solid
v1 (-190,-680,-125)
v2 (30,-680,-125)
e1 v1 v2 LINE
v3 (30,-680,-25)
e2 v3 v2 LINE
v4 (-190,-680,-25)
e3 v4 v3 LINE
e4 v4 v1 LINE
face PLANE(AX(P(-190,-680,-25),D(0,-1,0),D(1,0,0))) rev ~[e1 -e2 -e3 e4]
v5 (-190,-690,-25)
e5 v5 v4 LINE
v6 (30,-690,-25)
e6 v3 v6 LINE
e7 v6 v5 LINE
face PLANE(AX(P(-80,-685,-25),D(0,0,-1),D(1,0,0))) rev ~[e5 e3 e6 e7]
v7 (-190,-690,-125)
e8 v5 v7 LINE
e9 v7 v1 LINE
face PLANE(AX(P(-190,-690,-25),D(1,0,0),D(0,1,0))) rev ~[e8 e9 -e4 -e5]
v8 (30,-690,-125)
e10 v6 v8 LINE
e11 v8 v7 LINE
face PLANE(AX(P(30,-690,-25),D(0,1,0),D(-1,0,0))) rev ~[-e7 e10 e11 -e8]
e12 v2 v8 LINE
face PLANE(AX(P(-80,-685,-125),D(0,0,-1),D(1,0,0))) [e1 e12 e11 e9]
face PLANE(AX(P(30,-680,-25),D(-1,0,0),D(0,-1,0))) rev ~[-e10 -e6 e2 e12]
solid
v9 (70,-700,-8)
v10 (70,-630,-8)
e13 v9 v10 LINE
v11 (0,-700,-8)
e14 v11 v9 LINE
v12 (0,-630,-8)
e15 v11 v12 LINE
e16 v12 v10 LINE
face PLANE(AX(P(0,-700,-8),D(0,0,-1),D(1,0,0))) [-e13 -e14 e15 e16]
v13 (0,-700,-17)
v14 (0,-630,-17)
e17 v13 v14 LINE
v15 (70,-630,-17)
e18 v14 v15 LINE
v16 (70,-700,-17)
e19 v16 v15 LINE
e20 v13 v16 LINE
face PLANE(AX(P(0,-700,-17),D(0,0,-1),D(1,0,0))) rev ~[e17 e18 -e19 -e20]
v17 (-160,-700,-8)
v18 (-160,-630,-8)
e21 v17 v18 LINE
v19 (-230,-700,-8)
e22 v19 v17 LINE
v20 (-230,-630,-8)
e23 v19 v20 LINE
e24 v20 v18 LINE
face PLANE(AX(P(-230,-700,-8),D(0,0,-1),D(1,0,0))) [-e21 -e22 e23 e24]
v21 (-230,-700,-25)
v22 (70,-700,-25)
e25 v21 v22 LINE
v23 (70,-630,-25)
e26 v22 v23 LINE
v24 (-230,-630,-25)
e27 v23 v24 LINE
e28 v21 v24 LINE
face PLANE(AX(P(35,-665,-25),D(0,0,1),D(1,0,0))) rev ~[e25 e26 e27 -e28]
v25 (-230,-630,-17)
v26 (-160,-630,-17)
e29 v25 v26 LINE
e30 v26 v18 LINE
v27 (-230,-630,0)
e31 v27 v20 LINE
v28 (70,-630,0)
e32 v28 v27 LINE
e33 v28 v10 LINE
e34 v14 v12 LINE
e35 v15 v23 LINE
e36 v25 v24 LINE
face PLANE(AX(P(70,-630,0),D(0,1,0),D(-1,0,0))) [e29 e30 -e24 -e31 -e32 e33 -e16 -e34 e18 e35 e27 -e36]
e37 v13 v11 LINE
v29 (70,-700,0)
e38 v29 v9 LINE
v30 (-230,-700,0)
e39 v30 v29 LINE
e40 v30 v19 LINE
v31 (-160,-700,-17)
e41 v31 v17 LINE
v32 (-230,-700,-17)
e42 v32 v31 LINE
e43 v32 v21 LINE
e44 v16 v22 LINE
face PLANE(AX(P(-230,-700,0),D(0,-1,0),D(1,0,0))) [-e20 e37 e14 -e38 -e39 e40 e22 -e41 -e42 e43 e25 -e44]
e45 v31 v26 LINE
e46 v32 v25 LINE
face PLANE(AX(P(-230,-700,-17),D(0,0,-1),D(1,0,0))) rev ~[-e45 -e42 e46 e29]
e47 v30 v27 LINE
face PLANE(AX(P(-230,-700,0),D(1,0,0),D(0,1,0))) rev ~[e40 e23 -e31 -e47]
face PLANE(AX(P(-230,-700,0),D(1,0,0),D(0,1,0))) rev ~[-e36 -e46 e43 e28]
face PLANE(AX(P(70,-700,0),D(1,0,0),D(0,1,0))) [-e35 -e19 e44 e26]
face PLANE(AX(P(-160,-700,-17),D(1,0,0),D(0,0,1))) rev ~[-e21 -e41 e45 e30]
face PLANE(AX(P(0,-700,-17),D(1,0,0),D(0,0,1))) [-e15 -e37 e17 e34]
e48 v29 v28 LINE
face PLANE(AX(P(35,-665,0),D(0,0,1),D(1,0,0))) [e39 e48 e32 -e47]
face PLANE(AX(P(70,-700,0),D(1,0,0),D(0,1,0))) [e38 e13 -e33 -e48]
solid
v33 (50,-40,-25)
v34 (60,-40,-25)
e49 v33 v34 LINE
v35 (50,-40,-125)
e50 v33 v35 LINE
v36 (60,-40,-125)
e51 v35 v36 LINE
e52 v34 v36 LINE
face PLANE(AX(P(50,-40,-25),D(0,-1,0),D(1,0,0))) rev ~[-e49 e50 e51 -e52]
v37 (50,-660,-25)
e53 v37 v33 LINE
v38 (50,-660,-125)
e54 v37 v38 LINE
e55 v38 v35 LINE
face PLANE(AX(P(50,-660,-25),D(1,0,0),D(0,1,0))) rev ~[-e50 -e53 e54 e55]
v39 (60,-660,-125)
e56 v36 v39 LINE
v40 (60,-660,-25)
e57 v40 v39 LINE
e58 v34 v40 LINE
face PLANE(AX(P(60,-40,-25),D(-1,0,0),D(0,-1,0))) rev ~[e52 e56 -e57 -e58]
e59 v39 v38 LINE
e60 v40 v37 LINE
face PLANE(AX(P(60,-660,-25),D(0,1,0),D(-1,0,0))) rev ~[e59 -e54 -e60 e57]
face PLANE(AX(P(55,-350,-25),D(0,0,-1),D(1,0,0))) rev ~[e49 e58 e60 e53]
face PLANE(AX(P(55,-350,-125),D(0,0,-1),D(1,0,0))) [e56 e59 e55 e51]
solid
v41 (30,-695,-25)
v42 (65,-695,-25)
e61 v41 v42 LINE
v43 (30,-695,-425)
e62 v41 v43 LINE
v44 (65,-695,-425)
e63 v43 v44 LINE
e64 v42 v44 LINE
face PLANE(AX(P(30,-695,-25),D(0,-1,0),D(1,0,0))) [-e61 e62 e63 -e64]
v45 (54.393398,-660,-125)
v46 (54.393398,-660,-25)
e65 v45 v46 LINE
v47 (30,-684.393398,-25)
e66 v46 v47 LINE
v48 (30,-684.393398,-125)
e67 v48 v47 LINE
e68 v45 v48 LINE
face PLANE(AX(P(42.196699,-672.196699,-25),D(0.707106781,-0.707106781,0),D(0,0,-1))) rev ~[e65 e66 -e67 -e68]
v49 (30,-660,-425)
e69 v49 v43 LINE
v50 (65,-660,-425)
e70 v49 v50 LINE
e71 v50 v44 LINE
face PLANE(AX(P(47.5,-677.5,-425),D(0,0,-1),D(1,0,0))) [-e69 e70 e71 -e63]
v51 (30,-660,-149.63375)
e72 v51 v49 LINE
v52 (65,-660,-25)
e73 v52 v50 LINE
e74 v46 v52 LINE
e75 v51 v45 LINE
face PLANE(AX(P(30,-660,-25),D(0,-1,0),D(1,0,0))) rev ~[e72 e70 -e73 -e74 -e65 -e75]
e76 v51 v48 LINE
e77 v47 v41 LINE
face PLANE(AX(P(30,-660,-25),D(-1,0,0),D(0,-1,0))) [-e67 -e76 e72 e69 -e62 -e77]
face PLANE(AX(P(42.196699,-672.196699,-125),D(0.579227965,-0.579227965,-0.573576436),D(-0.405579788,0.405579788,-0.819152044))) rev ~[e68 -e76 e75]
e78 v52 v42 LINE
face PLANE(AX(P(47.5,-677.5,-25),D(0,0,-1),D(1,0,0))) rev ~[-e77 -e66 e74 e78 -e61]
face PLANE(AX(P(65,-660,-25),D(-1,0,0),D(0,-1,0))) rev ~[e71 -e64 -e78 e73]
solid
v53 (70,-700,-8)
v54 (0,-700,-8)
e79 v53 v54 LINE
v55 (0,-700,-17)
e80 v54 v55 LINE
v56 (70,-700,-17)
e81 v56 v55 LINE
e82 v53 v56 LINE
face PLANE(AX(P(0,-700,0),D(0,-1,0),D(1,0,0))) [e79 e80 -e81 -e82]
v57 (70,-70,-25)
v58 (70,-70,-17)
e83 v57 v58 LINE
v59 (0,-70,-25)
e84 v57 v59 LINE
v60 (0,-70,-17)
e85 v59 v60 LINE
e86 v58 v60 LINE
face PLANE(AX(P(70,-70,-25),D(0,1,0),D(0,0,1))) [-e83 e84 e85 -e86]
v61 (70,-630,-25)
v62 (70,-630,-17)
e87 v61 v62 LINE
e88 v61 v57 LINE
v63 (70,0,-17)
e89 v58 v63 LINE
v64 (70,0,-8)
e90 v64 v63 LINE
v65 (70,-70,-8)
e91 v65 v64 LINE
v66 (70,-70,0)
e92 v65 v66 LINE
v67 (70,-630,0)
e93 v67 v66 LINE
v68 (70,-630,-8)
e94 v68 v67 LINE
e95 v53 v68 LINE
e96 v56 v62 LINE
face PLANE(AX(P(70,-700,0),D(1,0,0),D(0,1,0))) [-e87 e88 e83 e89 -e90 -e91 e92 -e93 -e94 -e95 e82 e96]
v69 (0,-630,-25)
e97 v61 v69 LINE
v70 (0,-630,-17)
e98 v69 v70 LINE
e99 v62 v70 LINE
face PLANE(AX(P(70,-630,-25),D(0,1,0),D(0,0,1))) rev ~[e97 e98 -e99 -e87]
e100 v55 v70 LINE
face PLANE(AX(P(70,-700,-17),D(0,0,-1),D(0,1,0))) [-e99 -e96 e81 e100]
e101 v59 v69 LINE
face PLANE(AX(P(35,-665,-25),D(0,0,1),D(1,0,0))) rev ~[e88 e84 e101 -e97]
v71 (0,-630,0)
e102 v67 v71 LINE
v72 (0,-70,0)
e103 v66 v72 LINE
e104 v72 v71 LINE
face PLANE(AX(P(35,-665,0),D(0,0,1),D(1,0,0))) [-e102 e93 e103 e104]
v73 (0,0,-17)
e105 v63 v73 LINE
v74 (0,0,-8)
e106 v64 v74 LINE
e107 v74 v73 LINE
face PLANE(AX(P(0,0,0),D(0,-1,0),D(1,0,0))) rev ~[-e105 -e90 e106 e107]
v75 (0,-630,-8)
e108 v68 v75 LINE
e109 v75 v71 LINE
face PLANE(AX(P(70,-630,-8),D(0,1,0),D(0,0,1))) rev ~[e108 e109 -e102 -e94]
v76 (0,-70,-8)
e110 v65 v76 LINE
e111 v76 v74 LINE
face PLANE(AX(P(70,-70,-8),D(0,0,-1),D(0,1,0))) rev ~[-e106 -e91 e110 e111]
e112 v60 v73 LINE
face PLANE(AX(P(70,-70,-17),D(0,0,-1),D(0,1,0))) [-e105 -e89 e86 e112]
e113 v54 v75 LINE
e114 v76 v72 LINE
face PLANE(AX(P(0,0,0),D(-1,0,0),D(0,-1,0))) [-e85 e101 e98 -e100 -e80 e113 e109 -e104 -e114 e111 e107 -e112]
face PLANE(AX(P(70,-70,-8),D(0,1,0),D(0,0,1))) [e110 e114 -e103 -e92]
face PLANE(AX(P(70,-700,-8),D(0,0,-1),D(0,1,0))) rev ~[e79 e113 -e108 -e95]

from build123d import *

# Parameters (mm, degrees)
F0_W      = 70
F0_H      = 70
F0_H_2    = 560
F1_DEPTH  = 25
F2_W      = 70
F2_H      = 8
F3_DEPTH  = 70
F0_W_2    = 160
F4_DEPTH  = 25
F5_W      = 70
F5_H      = 9
F6_DEPTH  = 70
F11_W     = 35
F11_H     = 35
F12_DEPTH = 400
F15_DEPTH = 25
F19_DEPTH = 100
F21_DEPTH = 100


with BuildPart() as f1:
    # F0 (on Top) → F1 (new body)
    with BuildSketch(Plane.XY):
        with Locations((35, -665)):
            Rectangle(F0_W, F0_H)
        with Locations((35, -350)):
            Rectangle(F0_W, F0_H_2)
        with Locations((35, -35)):
            Rectangle(F0_W, F0_H)
    extrude(amount=-F1_DEPTH)

    # F2 (on face) → F3 (cut, through all)
    with BuildSketch(Plane.YZ.offset(70)):
        with Locations((-35, -4)):
            Rectangle(F2_W, F2_H)
        with Locations((-35, -21)):
            Rectangle(F2_W, F2_H)
        with Locations((-665, -4)):
            Rectangle(F2_W, F2_H)
        with Locations((-665, -21)):
            Rectangle(F2_W, F2_H)
    extrude(amount=-F3_DEPTH, mode=Mode.SUBTRACT)


with BuildPart() as f4:
    # F0 (on Top) → F4 (new body, through all)
    with BuildSketch(Plane.XY):
        with Locations((35, -665)):
            Rectangle(F0_W, F0_H)
        with Locations((-80, -665)):
            Rectangle(F0_W_2, F0_H)
        with Locations((-195, -665)):
            Rectangle(F0_W, F0_H)
    extrude(amount=-F4_DEPTH)

    # F5 (on face) → F6 (cut, through all)
    with BuildSketch(Plane.XZ.offset(700)):
        with Locations((35, -12.5)):
            Rectangle(F5_W, F5_H)
        with Locations((-195, -12.5)):
            Rectangle(F5_W, F5_H)
    extrude(amount=-F6_DEPTH, mode=Mode.SUBTRACT)


with BuildPart() as f12:
    # F11 (on face) → F12 (new body)
    with BuildSketch(Plane(origin=(0, 0, -25), x_dir=(1, 0, 0), z_dir=(0, 0, -1))):
        with Locations((47.5, 677.5)):
            Rectangle(F11_W, F11_H)
    extrude(amount=F12_DEPTH)

    # F14 (on face) → F15 (cut, symmetric)
    with BuildSketch(Plane(origin=(-315, -315, 0), x_dir=(-0.7071067812, 0.7071067812, 0), z_dir=(0.7071067812, 0.7071067812, 0))):
        Polygon((-505.1524163602, -125), (-487.9036790187, -149.6337498531), (-487.9036790187, -25), (-505.1524163602, -25), align=None)
    extrude(amount=F15_DEPTH, both=True, mode=Mode.SUBTRACT)


with BuildPart() as f19:
    # F18 (on face) → F19 (new body)
    with BuildSketch(Plane(origin=(0, 0, -25), x_dir=(1, 0, 0), z_dir=(0, 0, -1))):
        Polygon((60, 350), (60, 660), (50, 660), (50, 350), (50, 40), (60, 40), align=None)
    extrude(amount=F19_DEPTH)


with BuildPart() as f21:
    # F20 (on face) → F21 (new body)
    with BuildSketch(Plane(origin=(0, 0, -25), x_dir=(1, 0, 0), z_dir=(0, 0, -1))):
        Polygon((30, 690), (-190, 690), (-190, 680), (-80, 680), (30, 680), align=None)
    extrude(amount=F21_DEPTH)


solid = Compound([f1.part, f4.part, f12.part, f19.part, f21.part])
